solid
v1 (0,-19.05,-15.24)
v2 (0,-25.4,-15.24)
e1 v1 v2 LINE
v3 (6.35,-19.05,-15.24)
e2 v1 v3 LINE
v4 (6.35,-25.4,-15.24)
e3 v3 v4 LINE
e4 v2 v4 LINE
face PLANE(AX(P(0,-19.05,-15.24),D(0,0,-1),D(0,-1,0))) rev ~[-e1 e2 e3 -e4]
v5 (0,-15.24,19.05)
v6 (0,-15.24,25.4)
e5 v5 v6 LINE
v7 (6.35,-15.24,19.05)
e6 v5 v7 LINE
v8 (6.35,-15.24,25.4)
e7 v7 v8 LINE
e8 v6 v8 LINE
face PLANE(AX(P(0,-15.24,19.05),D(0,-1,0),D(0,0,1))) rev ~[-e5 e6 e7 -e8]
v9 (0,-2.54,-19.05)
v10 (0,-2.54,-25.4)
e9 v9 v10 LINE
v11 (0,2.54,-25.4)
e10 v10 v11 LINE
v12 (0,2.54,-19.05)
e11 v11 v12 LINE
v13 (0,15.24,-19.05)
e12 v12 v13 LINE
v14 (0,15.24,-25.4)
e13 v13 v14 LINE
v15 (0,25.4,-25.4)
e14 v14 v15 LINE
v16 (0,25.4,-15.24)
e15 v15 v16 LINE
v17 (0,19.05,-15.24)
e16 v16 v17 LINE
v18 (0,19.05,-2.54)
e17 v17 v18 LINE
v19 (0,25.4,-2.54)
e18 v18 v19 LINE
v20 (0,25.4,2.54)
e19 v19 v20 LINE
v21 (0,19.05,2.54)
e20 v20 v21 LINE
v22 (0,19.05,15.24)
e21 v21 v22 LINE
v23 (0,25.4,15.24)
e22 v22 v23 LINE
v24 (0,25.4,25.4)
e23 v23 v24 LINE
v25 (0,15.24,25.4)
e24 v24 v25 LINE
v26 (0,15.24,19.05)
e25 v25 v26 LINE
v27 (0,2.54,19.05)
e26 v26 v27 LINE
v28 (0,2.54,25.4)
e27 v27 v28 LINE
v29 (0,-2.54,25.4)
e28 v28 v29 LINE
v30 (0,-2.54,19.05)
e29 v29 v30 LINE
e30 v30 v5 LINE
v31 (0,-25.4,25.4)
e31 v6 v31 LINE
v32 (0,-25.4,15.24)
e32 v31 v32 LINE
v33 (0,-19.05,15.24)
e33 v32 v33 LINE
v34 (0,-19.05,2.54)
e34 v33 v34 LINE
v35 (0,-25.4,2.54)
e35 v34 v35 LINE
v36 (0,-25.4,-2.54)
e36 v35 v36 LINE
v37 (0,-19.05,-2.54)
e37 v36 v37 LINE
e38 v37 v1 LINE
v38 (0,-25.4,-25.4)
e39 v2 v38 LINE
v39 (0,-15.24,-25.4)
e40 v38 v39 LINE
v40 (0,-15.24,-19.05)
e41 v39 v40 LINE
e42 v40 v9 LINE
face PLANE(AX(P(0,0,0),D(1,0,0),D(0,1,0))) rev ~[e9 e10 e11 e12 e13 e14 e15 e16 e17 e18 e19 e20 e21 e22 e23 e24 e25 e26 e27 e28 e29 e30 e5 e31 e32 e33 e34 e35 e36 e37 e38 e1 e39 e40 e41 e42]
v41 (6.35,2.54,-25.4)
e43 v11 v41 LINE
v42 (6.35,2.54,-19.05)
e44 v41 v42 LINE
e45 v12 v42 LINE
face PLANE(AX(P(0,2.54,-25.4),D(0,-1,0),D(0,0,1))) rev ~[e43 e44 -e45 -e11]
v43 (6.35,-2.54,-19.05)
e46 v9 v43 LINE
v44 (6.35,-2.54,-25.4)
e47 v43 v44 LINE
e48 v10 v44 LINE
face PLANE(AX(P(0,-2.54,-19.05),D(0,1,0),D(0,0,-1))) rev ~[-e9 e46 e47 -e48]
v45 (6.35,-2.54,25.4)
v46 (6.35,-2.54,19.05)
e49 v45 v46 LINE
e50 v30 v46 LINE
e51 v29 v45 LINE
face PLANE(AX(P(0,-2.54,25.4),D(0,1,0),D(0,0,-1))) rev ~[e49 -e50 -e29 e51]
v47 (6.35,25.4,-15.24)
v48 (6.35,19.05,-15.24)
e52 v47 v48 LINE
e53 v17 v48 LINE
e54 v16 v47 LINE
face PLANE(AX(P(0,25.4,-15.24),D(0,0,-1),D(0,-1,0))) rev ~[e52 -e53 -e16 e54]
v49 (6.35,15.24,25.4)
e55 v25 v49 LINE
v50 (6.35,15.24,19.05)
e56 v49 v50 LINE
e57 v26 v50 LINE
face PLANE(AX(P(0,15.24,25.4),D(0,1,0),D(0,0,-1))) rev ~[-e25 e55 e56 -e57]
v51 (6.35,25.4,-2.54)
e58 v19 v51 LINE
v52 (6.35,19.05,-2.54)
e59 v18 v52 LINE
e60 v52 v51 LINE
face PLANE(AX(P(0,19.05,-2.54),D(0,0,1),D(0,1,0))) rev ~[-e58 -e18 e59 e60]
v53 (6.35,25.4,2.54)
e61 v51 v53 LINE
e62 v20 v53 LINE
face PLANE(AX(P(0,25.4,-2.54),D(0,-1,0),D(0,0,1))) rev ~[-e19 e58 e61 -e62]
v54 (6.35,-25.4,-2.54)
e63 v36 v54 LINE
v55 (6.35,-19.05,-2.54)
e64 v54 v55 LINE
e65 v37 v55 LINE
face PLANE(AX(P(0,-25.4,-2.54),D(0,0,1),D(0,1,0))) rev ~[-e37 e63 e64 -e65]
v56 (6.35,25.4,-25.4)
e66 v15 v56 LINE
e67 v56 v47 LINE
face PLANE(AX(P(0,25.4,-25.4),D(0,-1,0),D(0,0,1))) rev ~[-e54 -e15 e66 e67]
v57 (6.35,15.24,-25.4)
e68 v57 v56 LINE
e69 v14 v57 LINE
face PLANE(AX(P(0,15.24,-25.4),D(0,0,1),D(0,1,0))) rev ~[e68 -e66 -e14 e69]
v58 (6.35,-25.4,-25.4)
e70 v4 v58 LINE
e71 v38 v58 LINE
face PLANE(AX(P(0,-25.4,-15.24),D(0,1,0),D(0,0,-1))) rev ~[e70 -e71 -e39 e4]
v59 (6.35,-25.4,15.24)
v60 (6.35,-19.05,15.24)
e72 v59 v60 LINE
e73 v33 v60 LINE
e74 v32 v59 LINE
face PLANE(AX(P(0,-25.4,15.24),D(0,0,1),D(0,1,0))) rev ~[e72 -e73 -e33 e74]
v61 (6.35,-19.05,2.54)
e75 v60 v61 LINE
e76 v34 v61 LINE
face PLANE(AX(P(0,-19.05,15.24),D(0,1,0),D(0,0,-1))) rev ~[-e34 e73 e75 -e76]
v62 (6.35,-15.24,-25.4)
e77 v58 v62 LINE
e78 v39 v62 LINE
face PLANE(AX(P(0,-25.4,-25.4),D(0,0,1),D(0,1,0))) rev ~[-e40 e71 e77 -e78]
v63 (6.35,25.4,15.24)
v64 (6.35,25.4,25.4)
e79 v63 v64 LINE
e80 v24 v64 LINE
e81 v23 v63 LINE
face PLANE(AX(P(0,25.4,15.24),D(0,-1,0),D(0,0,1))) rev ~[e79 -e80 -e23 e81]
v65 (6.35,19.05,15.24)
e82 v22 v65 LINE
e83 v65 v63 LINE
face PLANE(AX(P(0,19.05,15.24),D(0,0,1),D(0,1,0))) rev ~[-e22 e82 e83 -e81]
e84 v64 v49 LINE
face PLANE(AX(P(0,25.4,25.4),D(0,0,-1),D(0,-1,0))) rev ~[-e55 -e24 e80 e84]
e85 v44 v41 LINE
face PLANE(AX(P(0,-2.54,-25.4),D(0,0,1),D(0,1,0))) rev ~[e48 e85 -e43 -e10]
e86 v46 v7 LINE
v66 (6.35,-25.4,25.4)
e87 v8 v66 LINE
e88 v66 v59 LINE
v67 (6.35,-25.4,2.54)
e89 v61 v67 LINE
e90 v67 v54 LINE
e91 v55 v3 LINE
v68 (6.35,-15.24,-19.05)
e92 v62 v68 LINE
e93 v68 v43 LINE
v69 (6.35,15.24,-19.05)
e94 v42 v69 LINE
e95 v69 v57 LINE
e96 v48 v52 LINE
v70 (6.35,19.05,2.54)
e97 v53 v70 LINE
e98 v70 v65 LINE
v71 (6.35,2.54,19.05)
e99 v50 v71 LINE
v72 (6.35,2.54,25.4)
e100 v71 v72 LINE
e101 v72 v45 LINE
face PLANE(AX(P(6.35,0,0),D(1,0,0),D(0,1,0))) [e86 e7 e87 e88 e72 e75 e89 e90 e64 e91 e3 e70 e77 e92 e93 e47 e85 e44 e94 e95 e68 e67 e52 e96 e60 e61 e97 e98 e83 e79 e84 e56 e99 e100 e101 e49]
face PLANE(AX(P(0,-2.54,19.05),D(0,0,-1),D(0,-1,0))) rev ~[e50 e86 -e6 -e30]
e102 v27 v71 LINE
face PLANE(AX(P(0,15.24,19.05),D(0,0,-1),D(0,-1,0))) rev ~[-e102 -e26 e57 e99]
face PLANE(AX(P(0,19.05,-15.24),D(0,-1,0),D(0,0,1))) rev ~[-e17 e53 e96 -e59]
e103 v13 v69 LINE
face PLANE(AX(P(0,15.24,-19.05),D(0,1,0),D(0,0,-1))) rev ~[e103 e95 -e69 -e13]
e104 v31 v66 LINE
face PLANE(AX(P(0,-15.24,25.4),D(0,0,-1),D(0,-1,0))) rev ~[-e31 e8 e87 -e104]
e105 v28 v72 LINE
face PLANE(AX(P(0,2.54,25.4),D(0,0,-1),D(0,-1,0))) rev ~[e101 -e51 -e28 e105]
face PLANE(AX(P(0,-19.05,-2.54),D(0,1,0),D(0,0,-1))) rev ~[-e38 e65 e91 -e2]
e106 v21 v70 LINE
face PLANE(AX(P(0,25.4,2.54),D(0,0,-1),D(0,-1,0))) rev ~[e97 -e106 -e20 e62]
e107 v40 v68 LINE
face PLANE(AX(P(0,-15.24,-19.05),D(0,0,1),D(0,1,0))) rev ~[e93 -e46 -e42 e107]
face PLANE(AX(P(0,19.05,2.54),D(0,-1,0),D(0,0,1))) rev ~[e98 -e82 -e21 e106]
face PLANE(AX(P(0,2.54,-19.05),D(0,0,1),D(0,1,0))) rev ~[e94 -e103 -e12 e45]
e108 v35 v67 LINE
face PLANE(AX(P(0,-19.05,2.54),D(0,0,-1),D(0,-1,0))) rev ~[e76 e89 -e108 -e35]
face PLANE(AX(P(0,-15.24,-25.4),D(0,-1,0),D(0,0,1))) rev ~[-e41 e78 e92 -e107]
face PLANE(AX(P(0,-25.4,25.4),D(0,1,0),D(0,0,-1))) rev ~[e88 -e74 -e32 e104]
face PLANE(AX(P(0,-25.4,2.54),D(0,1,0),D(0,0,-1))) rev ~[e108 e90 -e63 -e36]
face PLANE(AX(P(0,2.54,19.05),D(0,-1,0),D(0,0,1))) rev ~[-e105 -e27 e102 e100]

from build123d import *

# Parameters (mm, degrees)
F2_DEPTH = 6.35


with BuildPart() as f2:
    # F1 (on Right) → F2 (new body)
    with BuildSketch(Plane.YZ):
        Polygon((-2.54, 19.05), (-15.24, 19.05), (-15.24, 25.4), (-25.4, 25.4), (-25.4, 15.24), (-19.05, 15.24), (-19.05, 2.54), (-25.4, 2.54), (-25.4, -2.54), (-19.05, -2.54), (-19.05, -15.24), (-25.4, -15.24), (-25.4, -25.4), (-15.24, -25.4), (-15.24, -19.05), (-2.54, -19.05), (-2.54, -25.4), (2.54, -25.4), (2.54, -19.05), (15.24, -19.05), (15.24, -25.4), (25.4, -25.4), (25.4, -15.24), (19.05, -15.24), (19.05, -2.54), (25.4, -2.54), (25.4, 2.54), (19.05, 2.54), (19.05, 15.24), (25.4, 15.24), (25.4, 25.4), (15.24, 25.4), (15.24, 19.05), (2.54, 19.05), (2.54, 25.4), (-2.54, 25.4), align=None)
    extrude(amount=F2_DEPTH)


solid = f2.part
